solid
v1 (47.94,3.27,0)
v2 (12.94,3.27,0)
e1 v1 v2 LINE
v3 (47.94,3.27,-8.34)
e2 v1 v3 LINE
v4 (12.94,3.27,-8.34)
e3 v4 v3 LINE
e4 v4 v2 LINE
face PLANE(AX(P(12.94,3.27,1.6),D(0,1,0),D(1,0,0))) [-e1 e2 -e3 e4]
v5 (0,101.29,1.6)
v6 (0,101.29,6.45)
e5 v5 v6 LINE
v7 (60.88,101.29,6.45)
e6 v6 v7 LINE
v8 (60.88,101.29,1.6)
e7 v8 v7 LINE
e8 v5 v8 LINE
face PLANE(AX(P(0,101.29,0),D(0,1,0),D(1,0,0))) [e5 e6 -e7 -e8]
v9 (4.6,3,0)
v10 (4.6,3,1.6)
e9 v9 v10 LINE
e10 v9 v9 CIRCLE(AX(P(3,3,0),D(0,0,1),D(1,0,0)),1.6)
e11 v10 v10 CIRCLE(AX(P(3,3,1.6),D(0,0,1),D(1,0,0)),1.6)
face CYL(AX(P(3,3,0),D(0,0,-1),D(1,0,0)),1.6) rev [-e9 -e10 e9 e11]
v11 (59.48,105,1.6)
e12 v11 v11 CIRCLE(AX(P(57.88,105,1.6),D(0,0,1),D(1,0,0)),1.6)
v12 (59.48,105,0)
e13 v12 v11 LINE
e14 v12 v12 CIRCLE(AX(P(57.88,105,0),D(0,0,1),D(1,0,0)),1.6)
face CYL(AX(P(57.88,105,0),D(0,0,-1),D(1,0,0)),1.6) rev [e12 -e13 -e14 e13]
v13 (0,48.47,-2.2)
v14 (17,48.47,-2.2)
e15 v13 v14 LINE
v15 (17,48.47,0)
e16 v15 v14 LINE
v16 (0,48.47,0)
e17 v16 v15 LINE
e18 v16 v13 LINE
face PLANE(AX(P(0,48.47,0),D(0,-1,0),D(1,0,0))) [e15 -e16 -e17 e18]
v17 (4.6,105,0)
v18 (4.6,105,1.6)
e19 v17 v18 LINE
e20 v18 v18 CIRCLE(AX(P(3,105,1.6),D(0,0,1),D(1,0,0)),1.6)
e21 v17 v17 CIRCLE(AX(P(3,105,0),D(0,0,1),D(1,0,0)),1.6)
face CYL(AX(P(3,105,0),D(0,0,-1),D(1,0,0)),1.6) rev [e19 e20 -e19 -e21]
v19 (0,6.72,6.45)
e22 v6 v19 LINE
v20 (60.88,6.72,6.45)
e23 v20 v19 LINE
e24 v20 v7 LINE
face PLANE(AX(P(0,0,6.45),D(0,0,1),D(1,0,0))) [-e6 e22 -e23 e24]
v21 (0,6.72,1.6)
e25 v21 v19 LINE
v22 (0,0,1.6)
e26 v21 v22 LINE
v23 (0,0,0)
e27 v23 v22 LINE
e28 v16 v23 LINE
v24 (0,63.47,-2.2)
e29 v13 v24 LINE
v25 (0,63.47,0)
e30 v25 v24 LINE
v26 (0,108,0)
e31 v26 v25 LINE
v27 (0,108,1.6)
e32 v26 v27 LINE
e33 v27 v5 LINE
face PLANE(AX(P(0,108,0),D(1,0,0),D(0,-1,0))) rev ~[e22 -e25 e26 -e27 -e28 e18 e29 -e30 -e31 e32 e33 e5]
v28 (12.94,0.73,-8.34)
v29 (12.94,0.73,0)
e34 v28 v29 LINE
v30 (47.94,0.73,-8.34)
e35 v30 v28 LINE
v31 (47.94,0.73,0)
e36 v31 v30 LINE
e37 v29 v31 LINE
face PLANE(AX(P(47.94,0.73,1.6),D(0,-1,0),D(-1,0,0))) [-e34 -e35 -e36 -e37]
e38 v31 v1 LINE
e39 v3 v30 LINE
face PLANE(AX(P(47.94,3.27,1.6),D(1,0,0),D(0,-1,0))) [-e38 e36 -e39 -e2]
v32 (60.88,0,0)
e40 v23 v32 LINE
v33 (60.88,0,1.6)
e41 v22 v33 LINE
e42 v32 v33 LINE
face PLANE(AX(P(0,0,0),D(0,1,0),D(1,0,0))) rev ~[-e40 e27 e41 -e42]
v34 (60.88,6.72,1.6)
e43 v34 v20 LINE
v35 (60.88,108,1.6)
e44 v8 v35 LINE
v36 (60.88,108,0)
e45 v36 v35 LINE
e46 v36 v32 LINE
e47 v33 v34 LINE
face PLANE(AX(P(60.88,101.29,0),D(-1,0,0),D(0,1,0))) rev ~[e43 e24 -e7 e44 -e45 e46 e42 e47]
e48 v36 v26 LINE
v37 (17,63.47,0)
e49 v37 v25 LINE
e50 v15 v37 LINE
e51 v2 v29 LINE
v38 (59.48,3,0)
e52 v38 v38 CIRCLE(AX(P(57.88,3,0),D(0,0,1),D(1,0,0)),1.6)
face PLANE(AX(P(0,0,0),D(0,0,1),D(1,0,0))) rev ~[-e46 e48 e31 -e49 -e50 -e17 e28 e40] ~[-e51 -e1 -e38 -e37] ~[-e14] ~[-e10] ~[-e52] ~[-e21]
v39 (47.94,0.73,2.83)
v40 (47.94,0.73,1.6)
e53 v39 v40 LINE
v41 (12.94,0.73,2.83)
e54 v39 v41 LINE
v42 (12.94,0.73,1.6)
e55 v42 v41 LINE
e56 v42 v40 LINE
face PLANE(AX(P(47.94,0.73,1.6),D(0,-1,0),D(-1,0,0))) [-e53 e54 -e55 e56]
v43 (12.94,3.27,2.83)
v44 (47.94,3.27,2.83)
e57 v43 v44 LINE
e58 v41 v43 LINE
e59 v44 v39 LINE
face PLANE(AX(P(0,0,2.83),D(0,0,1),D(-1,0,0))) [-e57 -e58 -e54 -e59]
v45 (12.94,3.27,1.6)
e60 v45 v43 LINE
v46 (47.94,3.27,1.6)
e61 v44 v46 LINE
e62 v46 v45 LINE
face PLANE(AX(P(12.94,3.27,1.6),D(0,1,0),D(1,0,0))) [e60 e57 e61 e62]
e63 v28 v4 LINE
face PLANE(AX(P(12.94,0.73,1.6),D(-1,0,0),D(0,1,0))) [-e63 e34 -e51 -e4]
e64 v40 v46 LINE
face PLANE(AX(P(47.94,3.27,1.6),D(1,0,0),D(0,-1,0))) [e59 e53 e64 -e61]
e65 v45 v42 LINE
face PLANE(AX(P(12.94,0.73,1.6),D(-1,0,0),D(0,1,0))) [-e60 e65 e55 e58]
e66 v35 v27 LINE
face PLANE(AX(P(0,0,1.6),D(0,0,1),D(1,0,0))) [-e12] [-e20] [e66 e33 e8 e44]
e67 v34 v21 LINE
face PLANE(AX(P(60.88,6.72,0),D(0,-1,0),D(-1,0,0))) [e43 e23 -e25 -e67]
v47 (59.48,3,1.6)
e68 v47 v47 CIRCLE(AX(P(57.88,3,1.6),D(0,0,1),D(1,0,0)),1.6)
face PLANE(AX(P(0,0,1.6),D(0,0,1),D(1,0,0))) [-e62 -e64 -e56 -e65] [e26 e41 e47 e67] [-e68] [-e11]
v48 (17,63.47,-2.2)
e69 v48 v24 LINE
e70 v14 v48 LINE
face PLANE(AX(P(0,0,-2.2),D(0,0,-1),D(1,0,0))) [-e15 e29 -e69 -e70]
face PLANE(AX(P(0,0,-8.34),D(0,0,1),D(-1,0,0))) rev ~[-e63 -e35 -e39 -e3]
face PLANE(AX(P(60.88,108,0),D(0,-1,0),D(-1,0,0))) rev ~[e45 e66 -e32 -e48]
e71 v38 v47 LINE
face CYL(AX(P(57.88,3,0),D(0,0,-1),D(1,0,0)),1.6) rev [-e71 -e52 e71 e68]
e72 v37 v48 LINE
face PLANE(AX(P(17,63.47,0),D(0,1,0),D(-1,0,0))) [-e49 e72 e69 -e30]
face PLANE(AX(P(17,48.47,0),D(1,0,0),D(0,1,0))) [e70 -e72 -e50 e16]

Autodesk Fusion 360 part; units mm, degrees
sketch "Sketch1" plane through (0, 0, 0) normal (0, 0, 1) x (1, 0, 0)
  line L0 (0, 0) -> (60.88, 0)
  line L1 (60.88, 0) -> (60.88, 108)
  line L2 (60.88, 108) -> (0, 108)
  line L3 (0, 108) -> (0, 0)
  circle A0 centre (3, 3) radius 1.6
  circle A1 centre (57.88, 3) radius 1.6
  circle A2 centre (3, 105) radius 1.6
  circle A3 centre (57.88, 105) radius 1.6
  line L4 (0, 101.29) -> (60.88, 101.29)
  line L5 (60.88, 101.29) -> (60.88, 6.72)
  line L6 (60.88, 6.72) -> (0, 6.72)
  line L7 (0, 6.72) -> (0, 101.29)
  dimension "d1" = 60.88
  dimension "d2" = 108
  dimension "d3" = 3.2
  dimension "d6" = 54.88
  dimension "d7" = 102
  dimension "d8" = 3
  dimension "d9" = 3
  dimension "d10" = 60.88
  dimension "d11" = 94.57
  dimension "d12" = 6.71
extrude "Extrude1" add sketch "Sketch1" along normal blind 1.6 contours L0 L1 L3 L6 | L1 L2 L3 L4 makes body 1 at (39.32, 102.0648, 0) makes body 2 at (21.56, 5.9419, 0)
extrude "Extrude2" add sketch "Sketch1" along normal blind 6.45 contours L1 L3 L4 L5 L6 L7 bodies 1 2
sketch "Sketch2" plane through (0, 0, 0) normal (0, 0, -1) x (1, 0, 0)
  circle A0 centre (57.88, -3) radius 1.6
  circle A1 centre (3, -3) radius 1.6
  circle A2 centre (57.88, -105) radius 1.6
  circle A3 centre (3, -105) radius 1.6
  line L0 (0, 0) -> (0, -108)
  line L1 (0, -108) -> (60.88, -108)
  line L2 (60.88, -108) -> (60.88, 0)
  line L3 (60.88, 0) -> (0, 0)
  line L4 (17, -63.47) -> (0, -63.47)
  line L5 (0, -63.47) -> (0, -48.47)
  line L6 (0, -48.47) -> (17, -48.47)
  line L7 (17, -48.47) -> (17, -63.47)
  point P0 (0, -55.97)
  dimension "d18" = 17
  dimension "d19" = 15
  dimension "d20" = 52.03
extrude "Extrude3" add sketch "Sketch2" along normal blind 2.2 contours L0 L4 L5 L6 L7 bodies 1
sketch "Sketch3" plane through (0, 0, 1.6) normal (0, 0, 1) x (-1, 0, 0)
  circle A0 centre (-3, -3) radius 1.6
  circle A1 centre (-57.88, -3) radius 1.6
  line L0 (-60.88, -6.72) -> (0, -6.72)
  line L1 (0, -6.72) -> (0, 0)
  line L2 (0, 0) -> (-60.88, 0)
  line L3 (-60.88, 0) -> (-60.88, -6.72)
  line L4 (-12.94, -3.27) -> (-47.94, -3.27)
  line L5 (-47.94, -3.27) -> (-47.94, -0.73)
  line L6 (-47.94, -0.73) -> (-12.94, -0.73)
  line L7 (-12.94, -0.73) -> (-12.94, -3.27)
  point P0 (-30.44, -3.27)
  point P1 (-47.94, -2)
  point P2 (-30.44, 0)
  point P3 (-30.44, -0.73)
  dimension "d23" = 35
  dimension "d24" = 2.54
  dimension "d25" = 2
extrude "Extrude4" add sketch "Sketch3" along normal blind 1.23 and the other way blind 9.94 contours L4 L5 L6 L7 bodies 1
equation "d28 = 11.17 mm - 1.23 mm"
